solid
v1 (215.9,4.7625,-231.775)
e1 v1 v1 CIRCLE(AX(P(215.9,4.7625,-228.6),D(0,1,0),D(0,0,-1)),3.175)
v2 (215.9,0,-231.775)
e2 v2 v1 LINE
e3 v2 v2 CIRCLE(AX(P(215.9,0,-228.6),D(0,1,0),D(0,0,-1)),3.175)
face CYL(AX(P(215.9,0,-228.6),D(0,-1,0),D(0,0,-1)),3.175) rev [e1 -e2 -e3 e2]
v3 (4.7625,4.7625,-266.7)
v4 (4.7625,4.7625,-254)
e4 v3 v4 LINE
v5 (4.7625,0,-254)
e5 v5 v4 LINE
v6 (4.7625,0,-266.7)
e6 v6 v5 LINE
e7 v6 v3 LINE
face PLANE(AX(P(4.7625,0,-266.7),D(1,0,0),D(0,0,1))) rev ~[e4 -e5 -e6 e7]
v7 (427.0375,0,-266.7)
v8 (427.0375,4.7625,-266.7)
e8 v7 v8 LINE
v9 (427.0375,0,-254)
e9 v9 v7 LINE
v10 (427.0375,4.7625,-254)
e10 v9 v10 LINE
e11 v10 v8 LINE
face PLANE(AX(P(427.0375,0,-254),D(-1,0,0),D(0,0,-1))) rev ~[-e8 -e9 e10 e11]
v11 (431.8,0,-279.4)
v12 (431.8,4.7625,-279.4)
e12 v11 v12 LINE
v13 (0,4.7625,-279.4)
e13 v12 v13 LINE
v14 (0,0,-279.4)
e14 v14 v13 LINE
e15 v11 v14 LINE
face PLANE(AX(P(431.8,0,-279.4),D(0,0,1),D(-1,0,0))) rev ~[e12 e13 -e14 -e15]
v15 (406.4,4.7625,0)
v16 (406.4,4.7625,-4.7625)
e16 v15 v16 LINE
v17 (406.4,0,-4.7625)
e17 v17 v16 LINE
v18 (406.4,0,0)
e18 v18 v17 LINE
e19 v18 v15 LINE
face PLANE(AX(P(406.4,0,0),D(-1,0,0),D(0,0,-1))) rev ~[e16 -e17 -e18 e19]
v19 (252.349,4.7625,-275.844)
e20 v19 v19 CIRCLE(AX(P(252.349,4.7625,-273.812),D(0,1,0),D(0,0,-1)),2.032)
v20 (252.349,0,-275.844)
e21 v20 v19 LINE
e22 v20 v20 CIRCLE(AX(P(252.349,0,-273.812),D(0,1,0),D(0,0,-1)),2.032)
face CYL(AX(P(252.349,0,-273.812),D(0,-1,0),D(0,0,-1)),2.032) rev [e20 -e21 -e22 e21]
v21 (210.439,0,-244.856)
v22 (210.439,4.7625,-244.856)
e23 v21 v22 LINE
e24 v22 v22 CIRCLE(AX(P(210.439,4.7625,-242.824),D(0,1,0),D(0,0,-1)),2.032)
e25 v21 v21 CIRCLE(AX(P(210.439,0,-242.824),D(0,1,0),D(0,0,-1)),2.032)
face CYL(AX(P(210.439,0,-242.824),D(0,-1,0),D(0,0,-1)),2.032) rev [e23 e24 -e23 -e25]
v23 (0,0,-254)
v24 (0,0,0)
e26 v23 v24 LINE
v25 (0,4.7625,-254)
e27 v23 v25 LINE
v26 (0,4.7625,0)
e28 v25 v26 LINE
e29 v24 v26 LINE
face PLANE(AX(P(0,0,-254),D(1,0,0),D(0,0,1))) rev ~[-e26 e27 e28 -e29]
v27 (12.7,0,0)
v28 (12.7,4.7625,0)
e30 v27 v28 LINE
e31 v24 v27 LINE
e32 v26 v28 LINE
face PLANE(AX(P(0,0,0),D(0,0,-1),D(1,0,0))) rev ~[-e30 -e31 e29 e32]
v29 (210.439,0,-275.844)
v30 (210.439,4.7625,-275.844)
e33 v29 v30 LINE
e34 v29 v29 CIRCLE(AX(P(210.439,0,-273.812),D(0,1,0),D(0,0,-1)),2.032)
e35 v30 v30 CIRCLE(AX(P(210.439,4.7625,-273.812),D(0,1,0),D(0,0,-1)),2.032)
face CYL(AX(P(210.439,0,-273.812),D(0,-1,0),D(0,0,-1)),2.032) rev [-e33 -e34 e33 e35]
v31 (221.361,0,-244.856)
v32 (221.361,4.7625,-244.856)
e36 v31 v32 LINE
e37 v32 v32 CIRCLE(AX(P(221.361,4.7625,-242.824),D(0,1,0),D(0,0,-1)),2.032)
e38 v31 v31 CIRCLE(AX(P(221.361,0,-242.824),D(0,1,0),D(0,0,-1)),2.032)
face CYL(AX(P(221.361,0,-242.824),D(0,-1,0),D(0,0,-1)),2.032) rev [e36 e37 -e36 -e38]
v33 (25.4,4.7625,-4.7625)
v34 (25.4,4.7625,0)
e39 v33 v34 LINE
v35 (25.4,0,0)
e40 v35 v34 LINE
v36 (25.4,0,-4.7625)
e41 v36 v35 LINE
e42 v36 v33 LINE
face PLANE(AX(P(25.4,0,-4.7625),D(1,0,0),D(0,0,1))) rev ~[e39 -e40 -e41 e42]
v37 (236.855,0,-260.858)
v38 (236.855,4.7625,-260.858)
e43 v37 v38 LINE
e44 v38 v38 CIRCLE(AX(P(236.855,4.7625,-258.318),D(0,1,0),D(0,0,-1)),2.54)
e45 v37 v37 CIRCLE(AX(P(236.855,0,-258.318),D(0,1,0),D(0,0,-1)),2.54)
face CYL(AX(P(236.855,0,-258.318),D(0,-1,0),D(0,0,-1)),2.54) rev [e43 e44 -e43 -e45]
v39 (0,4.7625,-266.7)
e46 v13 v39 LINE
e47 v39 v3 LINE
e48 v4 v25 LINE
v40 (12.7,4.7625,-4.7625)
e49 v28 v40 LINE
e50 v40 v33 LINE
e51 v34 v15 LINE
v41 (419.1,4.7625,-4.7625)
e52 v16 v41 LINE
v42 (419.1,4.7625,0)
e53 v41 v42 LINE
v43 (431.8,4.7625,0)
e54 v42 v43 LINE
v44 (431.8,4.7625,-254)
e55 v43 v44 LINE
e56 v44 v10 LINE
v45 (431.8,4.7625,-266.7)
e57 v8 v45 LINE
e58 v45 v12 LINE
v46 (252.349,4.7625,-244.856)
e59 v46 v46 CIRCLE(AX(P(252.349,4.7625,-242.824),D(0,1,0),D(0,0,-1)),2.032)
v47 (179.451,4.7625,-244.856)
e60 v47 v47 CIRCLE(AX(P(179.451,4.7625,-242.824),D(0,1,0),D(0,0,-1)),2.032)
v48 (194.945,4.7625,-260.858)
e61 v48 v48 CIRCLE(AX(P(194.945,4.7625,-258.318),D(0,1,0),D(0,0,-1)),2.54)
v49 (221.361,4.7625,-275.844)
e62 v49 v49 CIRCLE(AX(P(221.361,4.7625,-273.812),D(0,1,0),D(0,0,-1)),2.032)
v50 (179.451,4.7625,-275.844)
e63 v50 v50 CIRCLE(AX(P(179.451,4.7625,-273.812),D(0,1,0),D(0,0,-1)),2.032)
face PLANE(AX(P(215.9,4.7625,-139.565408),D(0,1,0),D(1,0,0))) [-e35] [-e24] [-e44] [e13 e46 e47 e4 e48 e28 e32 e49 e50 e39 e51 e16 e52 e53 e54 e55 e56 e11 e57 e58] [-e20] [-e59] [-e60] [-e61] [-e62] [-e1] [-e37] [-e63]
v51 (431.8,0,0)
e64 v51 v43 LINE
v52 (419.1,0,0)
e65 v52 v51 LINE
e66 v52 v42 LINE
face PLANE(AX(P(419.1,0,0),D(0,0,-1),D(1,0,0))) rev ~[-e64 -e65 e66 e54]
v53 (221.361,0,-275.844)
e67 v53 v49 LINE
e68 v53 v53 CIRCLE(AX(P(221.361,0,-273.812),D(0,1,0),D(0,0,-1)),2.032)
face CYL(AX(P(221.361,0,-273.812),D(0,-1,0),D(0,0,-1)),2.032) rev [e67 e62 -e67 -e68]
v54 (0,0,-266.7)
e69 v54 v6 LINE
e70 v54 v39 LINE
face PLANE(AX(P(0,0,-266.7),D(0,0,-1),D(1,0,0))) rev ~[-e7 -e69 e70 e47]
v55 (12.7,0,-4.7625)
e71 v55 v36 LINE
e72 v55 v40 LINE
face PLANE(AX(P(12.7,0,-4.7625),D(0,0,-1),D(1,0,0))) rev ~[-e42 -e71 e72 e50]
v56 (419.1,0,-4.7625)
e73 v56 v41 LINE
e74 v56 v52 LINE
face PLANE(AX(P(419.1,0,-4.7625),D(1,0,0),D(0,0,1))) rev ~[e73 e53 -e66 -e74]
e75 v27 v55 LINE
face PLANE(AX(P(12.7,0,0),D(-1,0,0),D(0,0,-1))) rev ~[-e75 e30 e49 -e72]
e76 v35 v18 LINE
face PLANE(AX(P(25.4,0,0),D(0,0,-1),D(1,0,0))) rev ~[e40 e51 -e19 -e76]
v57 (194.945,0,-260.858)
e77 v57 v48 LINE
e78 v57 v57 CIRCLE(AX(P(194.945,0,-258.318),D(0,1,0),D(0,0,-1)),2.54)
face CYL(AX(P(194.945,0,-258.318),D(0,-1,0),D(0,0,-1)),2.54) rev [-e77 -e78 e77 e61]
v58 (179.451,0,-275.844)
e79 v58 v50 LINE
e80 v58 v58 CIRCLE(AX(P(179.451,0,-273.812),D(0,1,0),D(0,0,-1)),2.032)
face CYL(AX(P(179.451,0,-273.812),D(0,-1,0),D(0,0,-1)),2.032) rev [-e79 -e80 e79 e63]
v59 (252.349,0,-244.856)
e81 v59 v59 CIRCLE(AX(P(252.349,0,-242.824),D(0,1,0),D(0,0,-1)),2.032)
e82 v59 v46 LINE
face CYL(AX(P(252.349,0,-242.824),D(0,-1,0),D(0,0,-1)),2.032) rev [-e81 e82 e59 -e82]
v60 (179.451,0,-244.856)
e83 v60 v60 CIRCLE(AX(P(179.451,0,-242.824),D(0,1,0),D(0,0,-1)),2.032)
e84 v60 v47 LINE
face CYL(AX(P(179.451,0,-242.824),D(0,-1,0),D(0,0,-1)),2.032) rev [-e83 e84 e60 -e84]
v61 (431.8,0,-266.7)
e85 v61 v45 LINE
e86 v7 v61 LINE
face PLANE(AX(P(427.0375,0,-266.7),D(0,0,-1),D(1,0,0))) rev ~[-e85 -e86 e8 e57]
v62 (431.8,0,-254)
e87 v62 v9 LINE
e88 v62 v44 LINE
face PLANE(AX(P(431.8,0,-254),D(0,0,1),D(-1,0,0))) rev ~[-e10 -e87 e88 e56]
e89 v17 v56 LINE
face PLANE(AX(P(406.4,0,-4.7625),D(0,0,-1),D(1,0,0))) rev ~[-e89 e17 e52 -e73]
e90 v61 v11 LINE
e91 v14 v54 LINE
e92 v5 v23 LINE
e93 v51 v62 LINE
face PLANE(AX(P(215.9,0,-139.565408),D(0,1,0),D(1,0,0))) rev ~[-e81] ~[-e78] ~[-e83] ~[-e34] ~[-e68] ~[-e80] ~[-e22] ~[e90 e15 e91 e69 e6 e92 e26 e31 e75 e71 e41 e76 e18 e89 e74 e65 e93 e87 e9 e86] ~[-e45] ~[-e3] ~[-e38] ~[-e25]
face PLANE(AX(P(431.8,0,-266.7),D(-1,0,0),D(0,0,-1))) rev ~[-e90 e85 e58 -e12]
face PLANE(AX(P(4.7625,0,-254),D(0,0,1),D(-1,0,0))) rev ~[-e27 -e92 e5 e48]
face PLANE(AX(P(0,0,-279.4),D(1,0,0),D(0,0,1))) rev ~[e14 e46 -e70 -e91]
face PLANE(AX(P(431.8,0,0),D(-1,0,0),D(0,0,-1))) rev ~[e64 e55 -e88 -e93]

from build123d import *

# Parameters (mm, degrees)
SKETCH1_R           = 3.175
SKETCH1_R_2         = 2.032
SKETCH1_R_3         = 2.54
BOSS_EXTRUDE1_DEPTH = 4.7625


with BuildPart() as part:
    # Sketch1 → Boss-Extrude1 (new body)
    with BuildSketch(Plane(origin=(0, 0, 0), x_dir=(1, 0, 0), z_dir=(0, 1, 0))):
        Polygon((0, 0), (12.7, 0), (12.7, 4.7625), (25.4, 4.7625), (25.4, 0), (406.4, 0), (406.4, 4.7625), (419.1, 4.7625), (419.1, 0), (431.8, 0), (431.8, 254), (427.0375, 254), (427.0375, 266.7), (431.8, 266.7), (431.8, 279.4), (0, 279.4), (0, 266.7), (4.7625, 266.7), (4.7625, 254), (0, 254), align=None)
        with Locations(Location((215.9, 228.6, 0), (0, 0, 90))):
            Circle(SKETCH1_R, mode=Mode.SUBTRACT)
        with Locations(Location((210.439, 273.812, 0), (0, 0, 90))):
            Circle(SKETCH1_R_2, mode=Mode.SUBTRACT)
        with Locations(Location((179.451, 273.812, 0), (0, 0, 90))):
            Circle(SKETCH1_R_2, mode=Mode.SUBTRACT)
        with Locations(Location((252.349, 273.812, 0), (0, 0, 90))):
            Circle(SKETCH1_R_2, mode=Mode.SUBTRACT)
        with Locations(Location((221.361, 273.812, 0), (0, 0, 90))):
            Circle(SKETCH1_R_2, mode=Mode.SUBTRACT)
        with Locations(Location((194.945, 258.318, 0), (0, 0, 90))):
            Circle(SKETCH1_R_3, mode=Mode.SUBTRACT)
        with Locations(Location((210.439, 242.824, 0), (0, 0, 90))):
            Circle(SKETCH1_R_2, mode=Mode.SUBTRACT)
        with Locations(Location((179.451, 242.824, 0), (0, 0, 90))):
            Circle(SKETCH1_R_2, mode=Mode.SUBTRACT)
        with Locations(Location((221.361, 242.824, 0), (0, 0, 90))):
            Circle(SKETCH1_R_2, mode=Mode.SUBTRACT)
        with Locations(Location((236.855, 258.318, 0), (0, 0, 90))):
            Circle(SKETCH1_R_3, mode=Mode.SUBTRACT)
        with Locations(Location((252.349, 242.824, 0), (0, 0, 90))):
            Circle(SKETCH1_R_2, mode=Mode.SUBTRACT)
    extrude(amount=BOSS_EXTRUDE1_DEPTH)


solid = part.part
